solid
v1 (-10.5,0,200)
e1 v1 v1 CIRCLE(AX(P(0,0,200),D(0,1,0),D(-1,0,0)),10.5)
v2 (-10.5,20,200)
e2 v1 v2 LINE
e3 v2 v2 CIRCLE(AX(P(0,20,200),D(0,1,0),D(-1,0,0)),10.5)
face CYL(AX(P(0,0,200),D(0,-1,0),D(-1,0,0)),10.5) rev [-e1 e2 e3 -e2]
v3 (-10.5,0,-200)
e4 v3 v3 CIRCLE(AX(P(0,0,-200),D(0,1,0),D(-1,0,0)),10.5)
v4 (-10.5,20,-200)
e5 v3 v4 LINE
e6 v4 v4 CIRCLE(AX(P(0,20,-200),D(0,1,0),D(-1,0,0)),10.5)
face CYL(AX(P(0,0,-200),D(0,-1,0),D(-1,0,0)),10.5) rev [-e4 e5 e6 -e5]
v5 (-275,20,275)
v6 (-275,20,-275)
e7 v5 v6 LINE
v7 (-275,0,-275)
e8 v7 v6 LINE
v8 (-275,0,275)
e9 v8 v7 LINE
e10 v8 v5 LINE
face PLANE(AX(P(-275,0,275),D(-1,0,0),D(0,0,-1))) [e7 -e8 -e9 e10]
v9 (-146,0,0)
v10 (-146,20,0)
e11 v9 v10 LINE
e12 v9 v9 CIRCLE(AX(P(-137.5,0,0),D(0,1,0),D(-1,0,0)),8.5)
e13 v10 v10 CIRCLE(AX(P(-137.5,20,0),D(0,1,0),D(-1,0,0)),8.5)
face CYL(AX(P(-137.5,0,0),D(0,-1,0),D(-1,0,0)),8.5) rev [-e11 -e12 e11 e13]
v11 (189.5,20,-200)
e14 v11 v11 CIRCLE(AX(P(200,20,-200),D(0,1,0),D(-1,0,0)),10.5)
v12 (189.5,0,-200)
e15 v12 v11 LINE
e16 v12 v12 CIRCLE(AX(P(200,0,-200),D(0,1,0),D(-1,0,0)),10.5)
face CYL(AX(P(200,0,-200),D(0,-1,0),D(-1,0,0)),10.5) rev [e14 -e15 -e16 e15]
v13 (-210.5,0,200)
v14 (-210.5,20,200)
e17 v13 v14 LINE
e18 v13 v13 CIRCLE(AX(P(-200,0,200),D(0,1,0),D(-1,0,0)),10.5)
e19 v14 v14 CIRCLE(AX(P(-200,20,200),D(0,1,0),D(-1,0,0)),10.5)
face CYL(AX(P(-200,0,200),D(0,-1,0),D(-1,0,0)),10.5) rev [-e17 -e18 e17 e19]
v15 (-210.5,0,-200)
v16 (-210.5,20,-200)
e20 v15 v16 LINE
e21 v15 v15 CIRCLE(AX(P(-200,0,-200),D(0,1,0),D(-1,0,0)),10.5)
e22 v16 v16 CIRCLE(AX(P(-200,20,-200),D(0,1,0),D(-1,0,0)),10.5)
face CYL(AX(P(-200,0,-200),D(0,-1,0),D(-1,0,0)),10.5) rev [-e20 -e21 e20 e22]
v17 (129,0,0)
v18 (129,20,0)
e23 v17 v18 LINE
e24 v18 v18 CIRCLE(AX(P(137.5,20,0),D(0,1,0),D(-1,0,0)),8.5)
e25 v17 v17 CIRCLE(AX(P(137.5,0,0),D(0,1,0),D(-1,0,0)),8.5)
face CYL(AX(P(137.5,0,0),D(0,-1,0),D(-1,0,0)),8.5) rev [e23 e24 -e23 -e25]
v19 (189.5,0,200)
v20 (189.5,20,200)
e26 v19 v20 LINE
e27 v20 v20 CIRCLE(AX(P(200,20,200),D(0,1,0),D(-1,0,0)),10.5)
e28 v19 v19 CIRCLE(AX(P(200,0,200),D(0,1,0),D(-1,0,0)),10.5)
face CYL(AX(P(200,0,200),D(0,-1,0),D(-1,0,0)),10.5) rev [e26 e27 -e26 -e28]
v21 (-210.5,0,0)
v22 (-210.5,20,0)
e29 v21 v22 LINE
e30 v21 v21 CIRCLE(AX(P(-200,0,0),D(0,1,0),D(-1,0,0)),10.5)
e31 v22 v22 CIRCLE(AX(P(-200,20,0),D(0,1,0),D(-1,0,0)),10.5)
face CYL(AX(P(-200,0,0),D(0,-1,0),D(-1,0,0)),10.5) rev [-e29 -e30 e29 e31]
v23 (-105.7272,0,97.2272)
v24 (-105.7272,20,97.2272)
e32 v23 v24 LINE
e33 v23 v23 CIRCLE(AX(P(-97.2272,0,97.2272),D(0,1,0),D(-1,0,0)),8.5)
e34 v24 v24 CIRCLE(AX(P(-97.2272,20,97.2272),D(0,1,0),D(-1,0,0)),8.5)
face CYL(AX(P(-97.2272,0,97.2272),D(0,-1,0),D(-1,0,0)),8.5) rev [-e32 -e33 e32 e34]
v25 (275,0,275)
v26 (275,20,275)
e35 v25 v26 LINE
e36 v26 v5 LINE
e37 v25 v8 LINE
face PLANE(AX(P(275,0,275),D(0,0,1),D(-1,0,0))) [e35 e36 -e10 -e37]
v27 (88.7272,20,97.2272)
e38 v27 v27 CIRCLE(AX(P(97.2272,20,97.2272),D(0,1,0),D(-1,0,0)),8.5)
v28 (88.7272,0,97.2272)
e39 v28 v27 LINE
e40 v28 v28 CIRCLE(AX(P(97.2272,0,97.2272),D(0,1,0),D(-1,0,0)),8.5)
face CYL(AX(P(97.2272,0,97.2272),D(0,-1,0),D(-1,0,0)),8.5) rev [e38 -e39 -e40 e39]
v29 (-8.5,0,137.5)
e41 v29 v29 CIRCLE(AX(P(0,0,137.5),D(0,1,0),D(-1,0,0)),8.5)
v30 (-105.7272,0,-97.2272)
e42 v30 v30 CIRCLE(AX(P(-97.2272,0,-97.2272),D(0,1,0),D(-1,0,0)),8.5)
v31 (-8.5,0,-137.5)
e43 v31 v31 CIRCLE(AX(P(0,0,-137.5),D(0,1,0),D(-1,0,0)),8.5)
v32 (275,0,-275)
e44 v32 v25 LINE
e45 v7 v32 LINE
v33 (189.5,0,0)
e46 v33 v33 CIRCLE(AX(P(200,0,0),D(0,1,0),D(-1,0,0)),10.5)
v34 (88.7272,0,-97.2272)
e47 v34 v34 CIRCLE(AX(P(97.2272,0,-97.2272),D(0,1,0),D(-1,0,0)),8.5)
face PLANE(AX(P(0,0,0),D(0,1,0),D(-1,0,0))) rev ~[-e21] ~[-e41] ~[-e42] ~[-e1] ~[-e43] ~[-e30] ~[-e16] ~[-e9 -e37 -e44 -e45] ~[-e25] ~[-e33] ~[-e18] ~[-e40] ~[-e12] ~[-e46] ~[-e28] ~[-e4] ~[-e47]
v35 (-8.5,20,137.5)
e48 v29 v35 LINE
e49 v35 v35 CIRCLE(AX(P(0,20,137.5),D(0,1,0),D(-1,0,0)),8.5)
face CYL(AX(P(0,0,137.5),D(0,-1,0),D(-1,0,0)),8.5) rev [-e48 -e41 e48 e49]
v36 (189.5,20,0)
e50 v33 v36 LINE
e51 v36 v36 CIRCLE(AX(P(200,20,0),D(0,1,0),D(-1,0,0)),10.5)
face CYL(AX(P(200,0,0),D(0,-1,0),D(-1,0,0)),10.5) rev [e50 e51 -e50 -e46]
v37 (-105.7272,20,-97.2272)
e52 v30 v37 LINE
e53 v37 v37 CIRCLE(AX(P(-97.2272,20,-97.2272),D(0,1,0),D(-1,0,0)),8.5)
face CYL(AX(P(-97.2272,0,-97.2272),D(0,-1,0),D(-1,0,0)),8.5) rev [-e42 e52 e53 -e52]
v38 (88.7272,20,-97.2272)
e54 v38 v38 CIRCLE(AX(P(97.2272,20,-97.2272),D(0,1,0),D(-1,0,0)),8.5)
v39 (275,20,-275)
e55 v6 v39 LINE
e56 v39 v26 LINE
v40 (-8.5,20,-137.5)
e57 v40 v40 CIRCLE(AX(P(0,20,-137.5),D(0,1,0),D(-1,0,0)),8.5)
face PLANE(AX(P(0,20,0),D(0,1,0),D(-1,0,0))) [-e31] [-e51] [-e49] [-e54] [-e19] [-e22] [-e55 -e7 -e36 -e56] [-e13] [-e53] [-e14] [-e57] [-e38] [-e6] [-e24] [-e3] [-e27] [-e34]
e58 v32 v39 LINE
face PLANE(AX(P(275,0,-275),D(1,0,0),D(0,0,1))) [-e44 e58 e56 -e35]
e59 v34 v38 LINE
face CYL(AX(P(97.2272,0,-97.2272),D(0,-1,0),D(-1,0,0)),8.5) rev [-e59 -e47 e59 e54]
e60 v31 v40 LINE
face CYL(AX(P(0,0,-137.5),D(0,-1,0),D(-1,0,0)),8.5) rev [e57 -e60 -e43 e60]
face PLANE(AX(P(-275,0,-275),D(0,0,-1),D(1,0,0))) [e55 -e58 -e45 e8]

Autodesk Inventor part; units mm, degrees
ref_plane "YZ Plane" through (0, 0, 0) normal (1, 0, 0) x (0, 1, 0)
ref_plane "XZ Plane" through (0, 0, 0) normal (0, 1, 0) x (-1, 0, 0)
ref_plane "XY Plane" through (0, 0, 0) normal (0, 0, 1) x (1, 0, 0)
sketch "Эскиз1" plane through (0, 0, 0) normal (0, 1, 0) x (-1, 0, 0)
  line L0 (-275, 275) -> (275, 275)
  line L1 (275, 275) -> (275, -275)
  line L2 (275, -275) -> (-275, -275)
  line L3 (-275, -275) -> (-275, 275)
  line L4 (-275, 275) -> (275, -275) construction
  line L5 (275, 275) -> (-275, -275) construction
  circle A0 centre (200, -200) radius 10.5
  circle A1 centre (200, 0) radius 10.5
  circle A2 centre (200, 200) radius 10.5
  circle A3 centre (0, 200) radius 10.5
  circle A4 centre (-200, 200) radius 10.5
  circle A5 centre (-200, 0) radius 10.5
  circle A6 centre (-200, -200) radius 10.5
  circle A7 centre (0, -200) radius 10.5
  circle A8 centre (0, 0) radius 137.5 construction
  circle A9 centre (0, -137.5) radius 8.5
  circle A10 centre (97.2272, -97.2272) radius 8.5
  circle A11 centre (137.5, 0) radius 8.5
  circle A12 centre (97.2272, 97.2272) radius 8.5
  circle A13 centre (0, 137.5) radius 8.5
  circle A14 centre (-97.2272, 97.2272) radius 8.5
  circle A15 centre (-137.5, 0) radius 8.5
  circle A16 centre (-97.2272, -97.2272) radius 8.5
  dimension "d7" = 275
  dimension "d0" = 550
  dimension "d1" = 550
  dimension "d2" = 75
  dimension "d3" = 75
  dimension "d4" = 75
  dimension "d5" = 75
  dimension "d6" = 21
  dimension "d8" = 17
  dimension "d11" = 360
extrude "Пластина1" add sketch "Эскиз1" along normal blind 20
equation "\"d13\" = Толщина"
equation "\"Толщина\" = 20"
properties part number "Lift.02.00.00.06" material "Сталь нержавеющая, 440C"
